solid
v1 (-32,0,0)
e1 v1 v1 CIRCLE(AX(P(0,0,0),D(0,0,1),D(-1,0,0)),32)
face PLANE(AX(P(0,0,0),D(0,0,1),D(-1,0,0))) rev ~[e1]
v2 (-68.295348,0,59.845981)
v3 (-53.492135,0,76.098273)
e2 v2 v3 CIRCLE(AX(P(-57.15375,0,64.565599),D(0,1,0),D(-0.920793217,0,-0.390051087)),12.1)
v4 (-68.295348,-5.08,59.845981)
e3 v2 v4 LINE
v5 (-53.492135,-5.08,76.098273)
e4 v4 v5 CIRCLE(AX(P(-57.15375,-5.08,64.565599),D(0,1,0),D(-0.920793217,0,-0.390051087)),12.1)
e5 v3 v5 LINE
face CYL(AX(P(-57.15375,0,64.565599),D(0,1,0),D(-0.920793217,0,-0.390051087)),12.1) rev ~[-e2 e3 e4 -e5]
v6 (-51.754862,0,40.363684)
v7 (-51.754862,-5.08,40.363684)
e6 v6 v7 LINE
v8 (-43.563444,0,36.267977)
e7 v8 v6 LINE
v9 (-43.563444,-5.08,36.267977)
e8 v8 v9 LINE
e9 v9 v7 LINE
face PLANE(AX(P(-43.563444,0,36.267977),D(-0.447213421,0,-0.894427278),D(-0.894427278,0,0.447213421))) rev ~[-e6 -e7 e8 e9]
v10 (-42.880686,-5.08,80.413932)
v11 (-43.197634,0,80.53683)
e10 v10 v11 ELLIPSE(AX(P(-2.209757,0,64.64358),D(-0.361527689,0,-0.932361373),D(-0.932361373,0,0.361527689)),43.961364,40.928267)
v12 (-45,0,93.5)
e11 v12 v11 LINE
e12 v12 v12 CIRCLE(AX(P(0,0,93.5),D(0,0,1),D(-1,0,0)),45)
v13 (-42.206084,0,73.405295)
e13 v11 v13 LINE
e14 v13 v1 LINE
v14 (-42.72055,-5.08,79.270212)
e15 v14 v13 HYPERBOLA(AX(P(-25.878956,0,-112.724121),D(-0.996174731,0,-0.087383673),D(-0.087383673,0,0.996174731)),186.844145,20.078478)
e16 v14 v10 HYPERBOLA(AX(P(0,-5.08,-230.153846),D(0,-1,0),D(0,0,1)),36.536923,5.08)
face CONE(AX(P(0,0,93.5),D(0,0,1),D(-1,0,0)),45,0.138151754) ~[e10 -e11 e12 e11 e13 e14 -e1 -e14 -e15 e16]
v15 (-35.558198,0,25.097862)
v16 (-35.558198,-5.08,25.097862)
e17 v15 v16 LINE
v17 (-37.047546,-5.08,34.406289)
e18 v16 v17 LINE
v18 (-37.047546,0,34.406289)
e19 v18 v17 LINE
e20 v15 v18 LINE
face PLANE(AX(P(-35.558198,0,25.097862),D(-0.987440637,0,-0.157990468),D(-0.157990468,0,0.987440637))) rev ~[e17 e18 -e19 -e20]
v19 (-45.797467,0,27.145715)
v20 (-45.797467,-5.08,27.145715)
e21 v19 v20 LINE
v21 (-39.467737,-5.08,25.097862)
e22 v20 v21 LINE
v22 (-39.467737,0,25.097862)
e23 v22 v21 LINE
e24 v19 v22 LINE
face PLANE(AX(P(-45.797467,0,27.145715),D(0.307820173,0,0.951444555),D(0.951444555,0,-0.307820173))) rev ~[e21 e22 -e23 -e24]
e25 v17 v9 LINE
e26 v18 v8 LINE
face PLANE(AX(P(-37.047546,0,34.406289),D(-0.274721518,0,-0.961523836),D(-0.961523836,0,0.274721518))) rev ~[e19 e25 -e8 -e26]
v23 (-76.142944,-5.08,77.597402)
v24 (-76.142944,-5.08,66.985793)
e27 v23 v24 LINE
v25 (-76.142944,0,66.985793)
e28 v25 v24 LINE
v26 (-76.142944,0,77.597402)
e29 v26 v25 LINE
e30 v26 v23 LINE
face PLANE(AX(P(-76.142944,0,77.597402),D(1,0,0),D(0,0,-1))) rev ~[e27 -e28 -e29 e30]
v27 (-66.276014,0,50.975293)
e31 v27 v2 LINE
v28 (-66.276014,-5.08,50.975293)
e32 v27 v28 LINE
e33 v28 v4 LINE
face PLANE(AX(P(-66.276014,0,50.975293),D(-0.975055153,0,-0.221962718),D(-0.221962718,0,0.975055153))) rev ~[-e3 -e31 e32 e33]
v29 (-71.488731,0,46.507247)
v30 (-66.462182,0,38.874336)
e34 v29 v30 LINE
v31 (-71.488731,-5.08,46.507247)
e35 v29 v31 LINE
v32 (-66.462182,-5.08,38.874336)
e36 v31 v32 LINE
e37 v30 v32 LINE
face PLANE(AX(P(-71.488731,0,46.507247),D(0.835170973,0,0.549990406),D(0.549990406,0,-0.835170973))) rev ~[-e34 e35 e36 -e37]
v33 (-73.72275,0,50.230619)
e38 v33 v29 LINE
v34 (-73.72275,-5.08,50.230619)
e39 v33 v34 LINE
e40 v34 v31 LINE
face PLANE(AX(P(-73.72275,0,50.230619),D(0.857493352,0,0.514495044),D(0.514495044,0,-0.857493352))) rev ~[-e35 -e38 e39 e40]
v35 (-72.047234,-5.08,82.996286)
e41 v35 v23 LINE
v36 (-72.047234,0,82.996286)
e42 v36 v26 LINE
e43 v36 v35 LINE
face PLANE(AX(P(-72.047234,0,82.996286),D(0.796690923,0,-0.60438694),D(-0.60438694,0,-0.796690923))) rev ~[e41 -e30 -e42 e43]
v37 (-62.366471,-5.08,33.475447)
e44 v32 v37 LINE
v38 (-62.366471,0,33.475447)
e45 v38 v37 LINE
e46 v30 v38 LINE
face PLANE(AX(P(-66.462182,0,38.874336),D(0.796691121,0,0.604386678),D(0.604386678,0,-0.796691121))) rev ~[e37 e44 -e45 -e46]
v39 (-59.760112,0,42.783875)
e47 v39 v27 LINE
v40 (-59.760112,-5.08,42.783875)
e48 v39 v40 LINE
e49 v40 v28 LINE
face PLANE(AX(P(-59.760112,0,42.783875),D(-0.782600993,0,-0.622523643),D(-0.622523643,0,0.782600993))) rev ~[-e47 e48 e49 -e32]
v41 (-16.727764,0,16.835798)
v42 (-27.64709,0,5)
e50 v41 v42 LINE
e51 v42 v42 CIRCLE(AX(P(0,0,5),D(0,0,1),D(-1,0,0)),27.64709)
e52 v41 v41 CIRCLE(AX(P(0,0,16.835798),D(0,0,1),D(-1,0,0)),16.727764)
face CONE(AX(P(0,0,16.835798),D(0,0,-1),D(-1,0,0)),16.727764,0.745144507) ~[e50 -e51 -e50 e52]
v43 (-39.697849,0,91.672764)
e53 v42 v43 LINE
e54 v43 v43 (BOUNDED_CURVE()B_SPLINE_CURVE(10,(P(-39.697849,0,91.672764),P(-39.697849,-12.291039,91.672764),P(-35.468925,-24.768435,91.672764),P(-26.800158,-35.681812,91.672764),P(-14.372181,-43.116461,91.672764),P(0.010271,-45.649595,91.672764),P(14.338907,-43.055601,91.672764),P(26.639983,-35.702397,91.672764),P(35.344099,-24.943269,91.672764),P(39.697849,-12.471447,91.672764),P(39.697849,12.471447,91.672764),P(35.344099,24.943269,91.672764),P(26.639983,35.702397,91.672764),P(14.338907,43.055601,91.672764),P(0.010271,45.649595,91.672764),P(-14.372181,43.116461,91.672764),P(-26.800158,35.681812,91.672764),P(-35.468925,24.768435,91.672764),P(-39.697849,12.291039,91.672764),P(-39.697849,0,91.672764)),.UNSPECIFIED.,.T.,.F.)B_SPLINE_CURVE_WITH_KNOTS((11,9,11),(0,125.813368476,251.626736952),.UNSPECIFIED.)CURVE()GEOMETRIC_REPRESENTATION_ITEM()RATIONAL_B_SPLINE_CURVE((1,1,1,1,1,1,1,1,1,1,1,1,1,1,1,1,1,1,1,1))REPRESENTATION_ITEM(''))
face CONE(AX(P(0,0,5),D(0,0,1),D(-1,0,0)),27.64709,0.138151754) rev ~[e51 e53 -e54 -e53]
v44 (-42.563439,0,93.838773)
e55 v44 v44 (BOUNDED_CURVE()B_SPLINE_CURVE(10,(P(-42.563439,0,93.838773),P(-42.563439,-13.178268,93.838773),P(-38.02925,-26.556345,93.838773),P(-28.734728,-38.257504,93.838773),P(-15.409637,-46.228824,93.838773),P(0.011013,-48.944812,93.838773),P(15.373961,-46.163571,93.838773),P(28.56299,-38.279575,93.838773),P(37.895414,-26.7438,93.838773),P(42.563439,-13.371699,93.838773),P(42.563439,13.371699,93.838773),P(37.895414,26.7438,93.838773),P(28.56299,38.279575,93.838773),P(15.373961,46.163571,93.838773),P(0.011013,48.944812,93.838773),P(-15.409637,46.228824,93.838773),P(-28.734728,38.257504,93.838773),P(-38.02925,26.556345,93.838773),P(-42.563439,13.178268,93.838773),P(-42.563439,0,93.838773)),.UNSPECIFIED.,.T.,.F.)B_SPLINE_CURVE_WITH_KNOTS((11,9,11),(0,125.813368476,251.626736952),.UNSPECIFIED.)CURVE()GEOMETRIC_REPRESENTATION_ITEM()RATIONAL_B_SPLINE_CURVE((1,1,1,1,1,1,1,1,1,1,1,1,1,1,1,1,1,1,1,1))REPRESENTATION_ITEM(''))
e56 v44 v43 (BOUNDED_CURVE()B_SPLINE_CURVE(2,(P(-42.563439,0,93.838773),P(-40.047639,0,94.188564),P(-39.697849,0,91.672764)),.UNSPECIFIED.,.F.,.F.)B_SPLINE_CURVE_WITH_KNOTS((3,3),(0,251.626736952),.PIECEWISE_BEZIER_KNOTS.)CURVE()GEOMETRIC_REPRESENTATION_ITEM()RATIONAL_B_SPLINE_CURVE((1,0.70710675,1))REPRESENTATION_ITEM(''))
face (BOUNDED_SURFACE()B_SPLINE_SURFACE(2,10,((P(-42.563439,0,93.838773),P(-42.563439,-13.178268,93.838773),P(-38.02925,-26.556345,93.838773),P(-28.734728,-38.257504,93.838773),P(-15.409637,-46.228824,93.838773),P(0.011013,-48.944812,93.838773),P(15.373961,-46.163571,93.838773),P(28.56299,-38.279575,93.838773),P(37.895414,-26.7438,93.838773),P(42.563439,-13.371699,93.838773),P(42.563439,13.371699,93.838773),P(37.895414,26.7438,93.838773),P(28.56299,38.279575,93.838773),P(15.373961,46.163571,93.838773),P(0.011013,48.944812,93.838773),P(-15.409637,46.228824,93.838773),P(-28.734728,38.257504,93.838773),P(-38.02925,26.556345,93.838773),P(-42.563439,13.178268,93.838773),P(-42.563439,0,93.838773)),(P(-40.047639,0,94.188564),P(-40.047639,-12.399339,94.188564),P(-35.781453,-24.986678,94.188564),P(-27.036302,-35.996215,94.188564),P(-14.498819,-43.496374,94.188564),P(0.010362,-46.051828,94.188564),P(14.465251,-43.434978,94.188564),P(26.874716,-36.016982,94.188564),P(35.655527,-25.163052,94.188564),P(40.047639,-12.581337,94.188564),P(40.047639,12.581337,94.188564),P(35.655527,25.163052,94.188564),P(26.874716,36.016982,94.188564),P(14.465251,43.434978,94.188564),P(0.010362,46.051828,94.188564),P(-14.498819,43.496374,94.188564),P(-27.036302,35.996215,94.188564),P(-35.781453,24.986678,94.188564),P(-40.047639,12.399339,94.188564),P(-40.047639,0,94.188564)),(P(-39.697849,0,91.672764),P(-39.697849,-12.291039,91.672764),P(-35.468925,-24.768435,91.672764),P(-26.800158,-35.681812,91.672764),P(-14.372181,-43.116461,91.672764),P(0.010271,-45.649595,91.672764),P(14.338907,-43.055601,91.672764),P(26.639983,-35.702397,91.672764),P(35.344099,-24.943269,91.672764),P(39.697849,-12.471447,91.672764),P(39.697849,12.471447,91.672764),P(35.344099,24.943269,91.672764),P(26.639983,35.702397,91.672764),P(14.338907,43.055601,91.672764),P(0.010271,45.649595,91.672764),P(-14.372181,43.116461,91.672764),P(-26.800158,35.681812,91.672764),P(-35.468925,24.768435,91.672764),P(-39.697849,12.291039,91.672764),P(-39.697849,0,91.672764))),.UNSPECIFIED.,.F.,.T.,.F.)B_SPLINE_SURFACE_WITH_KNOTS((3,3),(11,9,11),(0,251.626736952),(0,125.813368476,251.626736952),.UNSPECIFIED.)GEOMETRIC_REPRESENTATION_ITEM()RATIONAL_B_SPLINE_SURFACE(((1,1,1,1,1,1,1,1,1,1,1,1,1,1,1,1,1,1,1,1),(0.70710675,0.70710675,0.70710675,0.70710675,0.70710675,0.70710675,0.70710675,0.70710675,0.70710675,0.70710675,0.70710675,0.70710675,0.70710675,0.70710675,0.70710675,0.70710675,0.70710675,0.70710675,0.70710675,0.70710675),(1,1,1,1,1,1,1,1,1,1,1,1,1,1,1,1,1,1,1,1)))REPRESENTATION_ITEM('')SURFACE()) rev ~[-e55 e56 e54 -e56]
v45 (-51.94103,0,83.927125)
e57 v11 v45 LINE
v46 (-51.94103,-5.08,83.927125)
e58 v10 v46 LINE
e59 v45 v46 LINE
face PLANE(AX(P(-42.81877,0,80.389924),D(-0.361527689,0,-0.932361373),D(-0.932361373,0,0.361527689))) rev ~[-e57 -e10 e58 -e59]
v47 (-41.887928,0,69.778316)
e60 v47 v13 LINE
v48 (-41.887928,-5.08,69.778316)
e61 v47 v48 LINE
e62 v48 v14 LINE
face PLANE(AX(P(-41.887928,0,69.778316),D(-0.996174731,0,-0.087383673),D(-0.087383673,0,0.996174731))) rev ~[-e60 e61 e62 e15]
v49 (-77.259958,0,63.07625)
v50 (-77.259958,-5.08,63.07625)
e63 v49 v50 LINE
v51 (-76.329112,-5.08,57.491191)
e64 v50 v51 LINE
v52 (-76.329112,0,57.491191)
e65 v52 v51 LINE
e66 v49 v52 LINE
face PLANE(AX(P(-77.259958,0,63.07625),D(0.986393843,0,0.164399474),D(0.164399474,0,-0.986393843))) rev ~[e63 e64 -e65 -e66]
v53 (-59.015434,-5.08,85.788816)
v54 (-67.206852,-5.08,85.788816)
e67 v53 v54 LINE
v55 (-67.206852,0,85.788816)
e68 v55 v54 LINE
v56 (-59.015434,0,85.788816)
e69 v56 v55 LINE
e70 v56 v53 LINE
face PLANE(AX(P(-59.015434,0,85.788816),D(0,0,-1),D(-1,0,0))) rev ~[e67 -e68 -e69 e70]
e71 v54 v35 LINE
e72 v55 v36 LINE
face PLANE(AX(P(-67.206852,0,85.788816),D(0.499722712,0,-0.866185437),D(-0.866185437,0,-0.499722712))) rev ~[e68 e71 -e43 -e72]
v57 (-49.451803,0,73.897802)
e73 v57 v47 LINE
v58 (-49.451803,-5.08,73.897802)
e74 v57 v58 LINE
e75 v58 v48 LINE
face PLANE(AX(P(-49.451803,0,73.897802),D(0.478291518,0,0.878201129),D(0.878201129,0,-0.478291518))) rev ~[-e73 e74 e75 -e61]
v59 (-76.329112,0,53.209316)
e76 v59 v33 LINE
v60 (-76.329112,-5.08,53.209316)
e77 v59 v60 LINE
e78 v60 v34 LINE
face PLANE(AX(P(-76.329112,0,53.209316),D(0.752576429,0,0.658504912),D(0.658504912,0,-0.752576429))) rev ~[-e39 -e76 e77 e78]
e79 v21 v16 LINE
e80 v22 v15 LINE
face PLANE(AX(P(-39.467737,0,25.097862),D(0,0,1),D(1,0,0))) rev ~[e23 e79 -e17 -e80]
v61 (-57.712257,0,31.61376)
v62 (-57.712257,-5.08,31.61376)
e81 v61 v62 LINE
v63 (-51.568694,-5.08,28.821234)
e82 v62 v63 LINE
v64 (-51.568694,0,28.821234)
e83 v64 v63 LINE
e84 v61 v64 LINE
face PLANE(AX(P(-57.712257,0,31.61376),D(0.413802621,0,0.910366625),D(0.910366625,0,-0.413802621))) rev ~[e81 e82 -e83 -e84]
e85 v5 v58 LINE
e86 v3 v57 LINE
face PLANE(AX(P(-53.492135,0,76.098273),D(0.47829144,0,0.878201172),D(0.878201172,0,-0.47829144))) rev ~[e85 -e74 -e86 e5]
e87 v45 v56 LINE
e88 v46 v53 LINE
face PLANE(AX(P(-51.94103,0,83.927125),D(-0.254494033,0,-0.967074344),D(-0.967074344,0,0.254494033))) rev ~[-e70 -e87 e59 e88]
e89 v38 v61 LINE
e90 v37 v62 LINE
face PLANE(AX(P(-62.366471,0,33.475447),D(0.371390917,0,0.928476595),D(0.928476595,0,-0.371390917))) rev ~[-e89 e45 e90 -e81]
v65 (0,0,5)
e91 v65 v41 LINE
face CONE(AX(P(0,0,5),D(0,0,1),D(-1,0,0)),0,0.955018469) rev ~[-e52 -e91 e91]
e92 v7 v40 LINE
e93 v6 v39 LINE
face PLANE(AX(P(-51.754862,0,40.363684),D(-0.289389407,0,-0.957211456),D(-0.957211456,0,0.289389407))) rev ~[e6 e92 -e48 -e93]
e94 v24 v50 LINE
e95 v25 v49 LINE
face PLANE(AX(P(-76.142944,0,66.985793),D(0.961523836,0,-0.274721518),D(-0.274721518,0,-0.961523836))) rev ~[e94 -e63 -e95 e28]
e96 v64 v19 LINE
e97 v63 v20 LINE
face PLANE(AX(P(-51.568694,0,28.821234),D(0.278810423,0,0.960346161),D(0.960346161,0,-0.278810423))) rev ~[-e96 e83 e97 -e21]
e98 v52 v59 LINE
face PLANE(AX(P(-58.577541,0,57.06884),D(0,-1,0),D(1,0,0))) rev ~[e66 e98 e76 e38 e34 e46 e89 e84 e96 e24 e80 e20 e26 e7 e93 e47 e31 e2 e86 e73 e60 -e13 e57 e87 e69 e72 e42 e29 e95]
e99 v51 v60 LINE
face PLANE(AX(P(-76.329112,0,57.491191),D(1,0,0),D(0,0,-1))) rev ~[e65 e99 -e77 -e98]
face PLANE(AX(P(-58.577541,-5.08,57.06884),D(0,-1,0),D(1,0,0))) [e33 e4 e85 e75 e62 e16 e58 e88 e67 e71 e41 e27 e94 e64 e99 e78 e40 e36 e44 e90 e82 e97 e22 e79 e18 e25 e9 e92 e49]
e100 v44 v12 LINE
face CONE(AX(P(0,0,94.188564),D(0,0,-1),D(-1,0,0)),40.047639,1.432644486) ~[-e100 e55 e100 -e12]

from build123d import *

# Parameters (mm, degrees)
F3_DEPTH = 5.08
F4_R     = 2.54


with BuildPart() as f1:
    # F0 (on Front) → F1 (revolve)
    with BuildSketch(Plane.XZ):
        Polygon((-32, 0), (0, 0), (0, 5), (-27.64709, 5), (-40.047639, 94.188564), (-45, 93.5), align=None)
        Polygon((-27.64709, 5), (0, 5), (-16.727764, 16.835798), align=None)
    revolve(axis=Axis((0, 0, 46.75), (0, 0, 1)))

    # F2 (on Front) → F3 (join)
    with BuildSketch(Plane.XZ):
        with BuildLine():
            ThreePointArc((-68.295348, 59.845981), (-66.09924, 72.713495), (-53.492135, 76.098273))
            ThreePointArc((-53.492135, 76.098273), (-51.366423, 75.191833), (-49.451803, 73.897802))
            Line((-49.451803, 73.897802), (-41.887928, 69.778316))
            Line((-41.887928, 69.778316), (-42.81877, 80.389924))
            Line((-42.81877, 80.389924), (-51.94103, 83.927125))
            Line((-51.94103, 83.927125), (-59.015434, 85.788816))
            Line((-59.015434, 85.788816), (-67.206852, 85.788816))
            Line((-67.206852, 85.788816), (-72.047234, 82.996286))
            Line((-72.047234, 82.996286), (-76.142944, 77.597402))
            Line((-76.142944, 77.597402), (-76.142944, 72.943188))
            Line((-76.142944, 72.943188), (-76.142944, 66.985793))
            Line((-76.142944, 66.985793), (-77.259958, 63.07625))
            Line((-77.259958, 63.07625), (-76.329112, 57.491191))
            Line((-76.329112, 57.491191), (-76.329112, 53.209316))
            Line((-76.329112, 53.209316), (-73.72275, 50.230619))
            Line((-73.72275, 50.230619), (-71.488731, 46.507247))
            Line((-71.488731, 46.507247), (-66.462182, 38.874336))
            Line((-66.462182, 38.874336), (-62.366471, 33.475447))
            Line((-62.366471, 33.475447), (-57.712257, 31.61376))
            Line((-57.712257, 31.61376), (-51.568694, 28.821234))
            Line((-51.568694, 28.821234), (-45.797467, 27.145715))
            Line((-45.797467, 27.145715), (-39.467737, 25.097862))
            Line((-39.467737, 25.097862), (-35.558198, 25.097862))
            Line((-35.558198, 25.097862), (-37.047546, 34.406289))
            Line((-37.047546, 34.406289), (-43.563444, 36.267977))
            Line((-43.563444, 36.267977), (-51.754862, 40.363684))
            Line((-51.754862, 40.363684), (-59.760112, 42.783875))
            Line((-59.760112, 42.783875), (-66.276014, 50.975293))
            Line((-66.276014, 50.975293), (-68.295348, 59.845981))
        make_face()
        with BuildLine():
            ThreePointArc((-49.451803, 73.897802), (-51.366423, 75.191833), (-53.492135, 76.098273))
            Line((-53.492135, 76.098273), (-49.451803, 73.897802))
        make_face()
    extrude(amount=F3_DEPTH)

    # F4
    f4_edges = [f1.edges().sort_by_distance(p)[0] for p in [
        (40.047639, 0, 94.188564),
    ]]
    fillet(f4_edges, radius=F4_R)


solid = f1.part
